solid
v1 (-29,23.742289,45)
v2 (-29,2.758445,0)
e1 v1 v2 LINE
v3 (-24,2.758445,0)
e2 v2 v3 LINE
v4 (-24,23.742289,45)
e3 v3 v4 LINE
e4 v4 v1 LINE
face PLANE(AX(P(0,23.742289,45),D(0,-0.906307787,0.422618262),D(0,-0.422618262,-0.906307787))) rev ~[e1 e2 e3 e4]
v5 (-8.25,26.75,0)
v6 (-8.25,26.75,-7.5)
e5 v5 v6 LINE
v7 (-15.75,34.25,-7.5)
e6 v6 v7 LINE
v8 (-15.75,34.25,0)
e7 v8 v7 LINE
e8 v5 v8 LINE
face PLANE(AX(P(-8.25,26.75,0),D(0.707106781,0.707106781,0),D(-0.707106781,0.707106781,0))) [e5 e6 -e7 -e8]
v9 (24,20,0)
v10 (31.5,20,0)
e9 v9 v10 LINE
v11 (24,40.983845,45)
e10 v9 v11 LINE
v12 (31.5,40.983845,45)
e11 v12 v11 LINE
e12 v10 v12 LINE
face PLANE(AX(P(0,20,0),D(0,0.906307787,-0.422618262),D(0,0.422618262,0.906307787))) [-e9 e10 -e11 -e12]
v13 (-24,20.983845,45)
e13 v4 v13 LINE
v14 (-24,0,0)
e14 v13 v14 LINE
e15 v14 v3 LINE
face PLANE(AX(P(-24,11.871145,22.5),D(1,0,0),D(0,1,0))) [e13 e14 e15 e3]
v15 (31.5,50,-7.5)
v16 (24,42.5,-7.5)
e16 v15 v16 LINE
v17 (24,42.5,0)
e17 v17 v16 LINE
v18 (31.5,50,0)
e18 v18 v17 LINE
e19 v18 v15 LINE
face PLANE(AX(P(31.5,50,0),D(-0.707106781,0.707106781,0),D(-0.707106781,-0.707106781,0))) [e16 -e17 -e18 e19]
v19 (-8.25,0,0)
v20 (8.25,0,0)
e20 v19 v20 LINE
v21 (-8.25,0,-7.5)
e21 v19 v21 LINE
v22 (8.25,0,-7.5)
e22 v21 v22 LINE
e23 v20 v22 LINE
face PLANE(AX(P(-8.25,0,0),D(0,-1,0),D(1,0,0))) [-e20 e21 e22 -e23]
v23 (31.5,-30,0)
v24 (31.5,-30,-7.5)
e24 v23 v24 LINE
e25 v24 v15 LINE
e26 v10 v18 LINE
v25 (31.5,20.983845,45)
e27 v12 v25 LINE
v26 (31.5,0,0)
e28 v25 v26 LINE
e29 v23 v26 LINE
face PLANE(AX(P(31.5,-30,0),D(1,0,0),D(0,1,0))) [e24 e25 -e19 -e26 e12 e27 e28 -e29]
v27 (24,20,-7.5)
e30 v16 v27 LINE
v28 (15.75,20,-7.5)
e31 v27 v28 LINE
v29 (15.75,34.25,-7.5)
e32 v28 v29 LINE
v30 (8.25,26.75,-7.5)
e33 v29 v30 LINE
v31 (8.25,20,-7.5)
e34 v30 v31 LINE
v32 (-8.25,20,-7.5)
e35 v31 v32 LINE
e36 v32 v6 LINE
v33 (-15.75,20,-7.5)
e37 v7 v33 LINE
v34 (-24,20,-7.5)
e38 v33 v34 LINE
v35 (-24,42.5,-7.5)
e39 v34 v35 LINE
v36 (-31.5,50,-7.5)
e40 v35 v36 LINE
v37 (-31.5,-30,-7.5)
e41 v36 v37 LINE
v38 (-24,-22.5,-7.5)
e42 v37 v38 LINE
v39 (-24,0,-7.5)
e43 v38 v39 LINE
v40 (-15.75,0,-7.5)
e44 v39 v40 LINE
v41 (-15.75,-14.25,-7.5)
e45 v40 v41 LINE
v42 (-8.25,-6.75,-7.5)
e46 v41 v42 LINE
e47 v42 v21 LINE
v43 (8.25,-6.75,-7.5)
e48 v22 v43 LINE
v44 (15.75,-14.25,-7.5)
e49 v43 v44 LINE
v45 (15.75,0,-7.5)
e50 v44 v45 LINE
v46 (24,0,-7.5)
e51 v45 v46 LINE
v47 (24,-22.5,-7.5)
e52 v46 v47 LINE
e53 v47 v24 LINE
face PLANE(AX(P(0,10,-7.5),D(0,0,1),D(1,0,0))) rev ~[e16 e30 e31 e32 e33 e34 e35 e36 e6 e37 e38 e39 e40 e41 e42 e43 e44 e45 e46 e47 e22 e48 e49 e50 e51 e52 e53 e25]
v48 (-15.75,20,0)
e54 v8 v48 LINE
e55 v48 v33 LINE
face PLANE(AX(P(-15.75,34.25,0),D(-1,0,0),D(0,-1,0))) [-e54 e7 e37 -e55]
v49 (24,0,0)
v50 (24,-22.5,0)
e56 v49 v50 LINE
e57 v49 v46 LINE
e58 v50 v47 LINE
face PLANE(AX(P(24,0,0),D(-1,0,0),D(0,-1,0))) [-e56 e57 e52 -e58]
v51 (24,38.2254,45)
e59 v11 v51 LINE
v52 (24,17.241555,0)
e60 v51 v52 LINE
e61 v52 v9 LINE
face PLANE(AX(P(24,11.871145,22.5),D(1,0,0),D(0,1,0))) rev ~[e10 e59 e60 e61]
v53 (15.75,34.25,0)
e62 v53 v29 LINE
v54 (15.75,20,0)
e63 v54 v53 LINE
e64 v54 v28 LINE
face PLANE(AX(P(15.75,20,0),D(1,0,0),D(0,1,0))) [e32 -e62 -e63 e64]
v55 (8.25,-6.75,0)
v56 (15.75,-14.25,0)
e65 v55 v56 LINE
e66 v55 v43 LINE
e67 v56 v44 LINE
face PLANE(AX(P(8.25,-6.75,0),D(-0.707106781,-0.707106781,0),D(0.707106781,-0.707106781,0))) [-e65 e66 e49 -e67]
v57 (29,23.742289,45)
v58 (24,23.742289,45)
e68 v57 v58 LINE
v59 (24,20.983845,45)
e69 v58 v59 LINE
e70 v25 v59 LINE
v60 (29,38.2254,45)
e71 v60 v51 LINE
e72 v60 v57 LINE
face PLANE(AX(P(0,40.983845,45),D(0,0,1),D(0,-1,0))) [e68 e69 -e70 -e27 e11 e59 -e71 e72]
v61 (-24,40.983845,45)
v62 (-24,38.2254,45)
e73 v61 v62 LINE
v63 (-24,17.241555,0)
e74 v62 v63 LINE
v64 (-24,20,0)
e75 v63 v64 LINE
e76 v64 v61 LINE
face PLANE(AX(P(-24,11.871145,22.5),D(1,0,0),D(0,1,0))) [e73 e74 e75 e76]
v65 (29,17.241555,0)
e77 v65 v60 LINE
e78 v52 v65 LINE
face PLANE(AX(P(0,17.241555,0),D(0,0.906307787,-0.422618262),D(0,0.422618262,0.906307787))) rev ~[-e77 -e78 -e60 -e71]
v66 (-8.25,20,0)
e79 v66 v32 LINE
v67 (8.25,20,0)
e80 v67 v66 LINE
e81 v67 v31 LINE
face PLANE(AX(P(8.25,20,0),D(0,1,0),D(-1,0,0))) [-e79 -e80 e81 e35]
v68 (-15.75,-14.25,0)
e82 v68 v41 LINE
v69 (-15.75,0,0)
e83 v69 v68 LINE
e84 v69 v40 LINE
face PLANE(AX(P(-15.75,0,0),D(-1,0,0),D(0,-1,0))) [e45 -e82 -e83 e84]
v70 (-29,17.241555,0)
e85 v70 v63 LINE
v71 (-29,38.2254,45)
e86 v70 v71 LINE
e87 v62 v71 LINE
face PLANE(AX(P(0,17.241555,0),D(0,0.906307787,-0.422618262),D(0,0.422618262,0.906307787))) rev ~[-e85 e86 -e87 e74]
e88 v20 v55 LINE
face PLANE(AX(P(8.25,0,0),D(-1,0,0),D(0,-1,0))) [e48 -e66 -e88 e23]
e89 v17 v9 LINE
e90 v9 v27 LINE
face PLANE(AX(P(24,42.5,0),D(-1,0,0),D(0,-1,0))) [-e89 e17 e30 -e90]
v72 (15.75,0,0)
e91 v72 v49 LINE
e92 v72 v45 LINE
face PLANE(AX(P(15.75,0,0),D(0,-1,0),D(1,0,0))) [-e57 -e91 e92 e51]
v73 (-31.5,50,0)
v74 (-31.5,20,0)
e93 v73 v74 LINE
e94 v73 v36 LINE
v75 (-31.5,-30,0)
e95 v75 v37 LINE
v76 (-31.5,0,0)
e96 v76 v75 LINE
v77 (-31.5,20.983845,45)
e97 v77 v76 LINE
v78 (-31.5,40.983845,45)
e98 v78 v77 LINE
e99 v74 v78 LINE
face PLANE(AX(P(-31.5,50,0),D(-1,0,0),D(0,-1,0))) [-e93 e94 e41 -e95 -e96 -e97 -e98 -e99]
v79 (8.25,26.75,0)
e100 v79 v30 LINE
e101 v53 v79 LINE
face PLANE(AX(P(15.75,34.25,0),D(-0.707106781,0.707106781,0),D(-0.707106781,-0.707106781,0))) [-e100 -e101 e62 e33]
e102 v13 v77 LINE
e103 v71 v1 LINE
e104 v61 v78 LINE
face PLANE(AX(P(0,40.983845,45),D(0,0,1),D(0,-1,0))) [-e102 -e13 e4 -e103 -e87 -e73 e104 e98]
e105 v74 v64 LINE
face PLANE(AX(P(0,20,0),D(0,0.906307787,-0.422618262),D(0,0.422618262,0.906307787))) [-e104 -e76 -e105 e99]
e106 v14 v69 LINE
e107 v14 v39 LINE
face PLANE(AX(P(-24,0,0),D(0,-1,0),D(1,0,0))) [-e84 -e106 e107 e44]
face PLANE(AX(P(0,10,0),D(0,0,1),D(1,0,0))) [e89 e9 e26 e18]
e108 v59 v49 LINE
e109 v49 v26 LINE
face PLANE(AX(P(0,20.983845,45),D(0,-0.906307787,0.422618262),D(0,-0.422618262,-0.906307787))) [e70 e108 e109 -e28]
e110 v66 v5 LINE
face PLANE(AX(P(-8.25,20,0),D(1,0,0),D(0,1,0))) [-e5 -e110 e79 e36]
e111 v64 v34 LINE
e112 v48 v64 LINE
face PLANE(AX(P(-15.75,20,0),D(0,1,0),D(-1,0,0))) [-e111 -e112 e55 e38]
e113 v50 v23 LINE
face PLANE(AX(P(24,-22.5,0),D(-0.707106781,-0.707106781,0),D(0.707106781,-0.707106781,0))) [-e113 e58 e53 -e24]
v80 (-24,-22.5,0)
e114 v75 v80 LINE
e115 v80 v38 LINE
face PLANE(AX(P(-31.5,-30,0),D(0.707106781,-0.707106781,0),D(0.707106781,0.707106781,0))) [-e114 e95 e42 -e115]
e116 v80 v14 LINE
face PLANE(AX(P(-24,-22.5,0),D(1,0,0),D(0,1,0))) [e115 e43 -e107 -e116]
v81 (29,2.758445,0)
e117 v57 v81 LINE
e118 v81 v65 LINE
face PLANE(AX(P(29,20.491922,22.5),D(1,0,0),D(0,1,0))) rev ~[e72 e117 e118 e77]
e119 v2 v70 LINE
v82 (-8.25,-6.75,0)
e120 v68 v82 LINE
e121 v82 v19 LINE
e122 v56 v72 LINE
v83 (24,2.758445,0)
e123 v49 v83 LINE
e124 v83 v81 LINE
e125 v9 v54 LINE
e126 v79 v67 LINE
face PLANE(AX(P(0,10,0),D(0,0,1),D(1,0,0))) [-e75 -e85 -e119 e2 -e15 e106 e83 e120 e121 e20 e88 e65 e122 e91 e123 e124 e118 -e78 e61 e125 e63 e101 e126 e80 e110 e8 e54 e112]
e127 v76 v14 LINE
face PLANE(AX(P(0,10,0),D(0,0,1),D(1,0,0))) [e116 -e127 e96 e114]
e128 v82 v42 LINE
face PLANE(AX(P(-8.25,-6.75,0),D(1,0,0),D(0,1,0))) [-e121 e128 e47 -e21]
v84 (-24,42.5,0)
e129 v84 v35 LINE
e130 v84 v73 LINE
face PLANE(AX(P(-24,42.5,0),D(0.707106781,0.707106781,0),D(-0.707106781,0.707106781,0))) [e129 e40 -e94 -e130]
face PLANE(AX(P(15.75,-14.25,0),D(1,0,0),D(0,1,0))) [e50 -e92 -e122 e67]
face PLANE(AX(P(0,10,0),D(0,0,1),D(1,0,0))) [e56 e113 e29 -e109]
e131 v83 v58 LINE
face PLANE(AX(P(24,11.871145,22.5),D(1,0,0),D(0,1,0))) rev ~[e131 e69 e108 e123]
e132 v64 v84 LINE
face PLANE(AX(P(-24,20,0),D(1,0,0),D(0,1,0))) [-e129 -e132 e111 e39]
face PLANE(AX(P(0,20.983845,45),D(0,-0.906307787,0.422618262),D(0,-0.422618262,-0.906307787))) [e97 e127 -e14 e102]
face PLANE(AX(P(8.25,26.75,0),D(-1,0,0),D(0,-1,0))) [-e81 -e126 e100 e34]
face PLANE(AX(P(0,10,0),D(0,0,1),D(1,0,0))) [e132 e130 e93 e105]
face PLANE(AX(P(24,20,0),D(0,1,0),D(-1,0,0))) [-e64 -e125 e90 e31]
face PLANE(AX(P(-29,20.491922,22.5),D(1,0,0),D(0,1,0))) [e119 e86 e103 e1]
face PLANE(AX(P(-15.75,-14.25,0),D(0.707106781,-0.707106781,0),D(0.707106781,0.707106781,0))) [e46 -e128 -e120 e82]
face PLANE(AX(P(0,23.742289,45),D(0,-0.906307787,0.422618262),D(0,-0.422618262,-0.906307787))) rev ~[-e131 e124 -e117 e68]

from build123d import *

# Parameters (mm, degrees)
F1_DEPTH = 31.5
F2_DEPTH = 29
F3_DEPTH = 24
F5_DEPTH = 7.5


with BuildPart() as f1:
    # F0 (on Right) → F1 (new body, symmetric)
    with BuildSketch(Plane.YZ):
        Polygon((20.983844617, 45), (0, 0), (2.7584447974, 0), (23.7422894144, 45), align=None)
        Polygon((23.7422894144, 45), (2.7584447974, 0), (17.2415552026, 0), (38.2253998196, 45), align=None)
        Polygon((38.2253998196, 45), (17.2415552026, 0), (20, 0), (40.983844617, 45), align=None)
    extrude(amount=F1_DEPTH, both=True)

    # F0 (on Right) → F2 (cut, symmetric)
    with BuildSketch(Plane.YZ):
        Polygon((23.7422894144, 45), (2.7584447974, 0), (17.2415552026, 0), (38.2253998196, 45), align=None)
    extrude(amount=F2_DEPTH, both=True, mode=Mode.SUBTRACT)

    # F0 (on Right) → F3 (cut, symmetric)
    with BuildSketch(Plane.YZ):
        Polygon((20.983844617, 45), (0, 0), (2.7584447974, 0), (23.7422894144, 45), align=None)
        Polygon((23.7422894144, 45), (2.7584447974, 0), (17.2415552026, 0), (38.2253998196, 45), align=None)
        Polygon((38.2253998196, 45), (17.2415552026, 0), (20, 0), (40.983844617, 45), align=None)
    extrude(amount=F3_DEPTH, both=True, mode=Mode.SUBTRACT)

    # F4 (on Top) → F5 (join)
    with BuildSketch(Plane.XY):
        Polygon((-31.5, 50), (-31.5, 20), (-31.5, 0), (-31.5, -30), (-24, -22.5), (-24, 0), (-15.75, 0), (-8.25, 0), (8.25, 0), (15.75, 0), (24, 0), (24, -22.5), (31.5, -30), (31.5, 0), (31.5, 20), (31.5, 50), (24, 42.5), (24, 20), (15.75, 20), (8.25, 20), (-8.25, 20), (-15.75, 20), (-24, 20), (-24, 42.5), align=None)
        Polygon((-15.75, 34.25), (-15.75, 20), (-8.25, 20), (-8.25, 26.75), align=None)
        Polygon((-8.25, 0), (-15.75, 0), (-15.75, -14.25), (-8.25, -6.75), align=None)
        Polygon((15.75, 0), (8.25, 0), (8.25, -6.75), (15.75, -14.25), align=None)
        Polygon((8.25, 26.75), (8.25, 20), (15.75, 20), (15.75, 34.25), align=None)
    extrude(amount=-F5_DEPTH)


solid = f1.part
